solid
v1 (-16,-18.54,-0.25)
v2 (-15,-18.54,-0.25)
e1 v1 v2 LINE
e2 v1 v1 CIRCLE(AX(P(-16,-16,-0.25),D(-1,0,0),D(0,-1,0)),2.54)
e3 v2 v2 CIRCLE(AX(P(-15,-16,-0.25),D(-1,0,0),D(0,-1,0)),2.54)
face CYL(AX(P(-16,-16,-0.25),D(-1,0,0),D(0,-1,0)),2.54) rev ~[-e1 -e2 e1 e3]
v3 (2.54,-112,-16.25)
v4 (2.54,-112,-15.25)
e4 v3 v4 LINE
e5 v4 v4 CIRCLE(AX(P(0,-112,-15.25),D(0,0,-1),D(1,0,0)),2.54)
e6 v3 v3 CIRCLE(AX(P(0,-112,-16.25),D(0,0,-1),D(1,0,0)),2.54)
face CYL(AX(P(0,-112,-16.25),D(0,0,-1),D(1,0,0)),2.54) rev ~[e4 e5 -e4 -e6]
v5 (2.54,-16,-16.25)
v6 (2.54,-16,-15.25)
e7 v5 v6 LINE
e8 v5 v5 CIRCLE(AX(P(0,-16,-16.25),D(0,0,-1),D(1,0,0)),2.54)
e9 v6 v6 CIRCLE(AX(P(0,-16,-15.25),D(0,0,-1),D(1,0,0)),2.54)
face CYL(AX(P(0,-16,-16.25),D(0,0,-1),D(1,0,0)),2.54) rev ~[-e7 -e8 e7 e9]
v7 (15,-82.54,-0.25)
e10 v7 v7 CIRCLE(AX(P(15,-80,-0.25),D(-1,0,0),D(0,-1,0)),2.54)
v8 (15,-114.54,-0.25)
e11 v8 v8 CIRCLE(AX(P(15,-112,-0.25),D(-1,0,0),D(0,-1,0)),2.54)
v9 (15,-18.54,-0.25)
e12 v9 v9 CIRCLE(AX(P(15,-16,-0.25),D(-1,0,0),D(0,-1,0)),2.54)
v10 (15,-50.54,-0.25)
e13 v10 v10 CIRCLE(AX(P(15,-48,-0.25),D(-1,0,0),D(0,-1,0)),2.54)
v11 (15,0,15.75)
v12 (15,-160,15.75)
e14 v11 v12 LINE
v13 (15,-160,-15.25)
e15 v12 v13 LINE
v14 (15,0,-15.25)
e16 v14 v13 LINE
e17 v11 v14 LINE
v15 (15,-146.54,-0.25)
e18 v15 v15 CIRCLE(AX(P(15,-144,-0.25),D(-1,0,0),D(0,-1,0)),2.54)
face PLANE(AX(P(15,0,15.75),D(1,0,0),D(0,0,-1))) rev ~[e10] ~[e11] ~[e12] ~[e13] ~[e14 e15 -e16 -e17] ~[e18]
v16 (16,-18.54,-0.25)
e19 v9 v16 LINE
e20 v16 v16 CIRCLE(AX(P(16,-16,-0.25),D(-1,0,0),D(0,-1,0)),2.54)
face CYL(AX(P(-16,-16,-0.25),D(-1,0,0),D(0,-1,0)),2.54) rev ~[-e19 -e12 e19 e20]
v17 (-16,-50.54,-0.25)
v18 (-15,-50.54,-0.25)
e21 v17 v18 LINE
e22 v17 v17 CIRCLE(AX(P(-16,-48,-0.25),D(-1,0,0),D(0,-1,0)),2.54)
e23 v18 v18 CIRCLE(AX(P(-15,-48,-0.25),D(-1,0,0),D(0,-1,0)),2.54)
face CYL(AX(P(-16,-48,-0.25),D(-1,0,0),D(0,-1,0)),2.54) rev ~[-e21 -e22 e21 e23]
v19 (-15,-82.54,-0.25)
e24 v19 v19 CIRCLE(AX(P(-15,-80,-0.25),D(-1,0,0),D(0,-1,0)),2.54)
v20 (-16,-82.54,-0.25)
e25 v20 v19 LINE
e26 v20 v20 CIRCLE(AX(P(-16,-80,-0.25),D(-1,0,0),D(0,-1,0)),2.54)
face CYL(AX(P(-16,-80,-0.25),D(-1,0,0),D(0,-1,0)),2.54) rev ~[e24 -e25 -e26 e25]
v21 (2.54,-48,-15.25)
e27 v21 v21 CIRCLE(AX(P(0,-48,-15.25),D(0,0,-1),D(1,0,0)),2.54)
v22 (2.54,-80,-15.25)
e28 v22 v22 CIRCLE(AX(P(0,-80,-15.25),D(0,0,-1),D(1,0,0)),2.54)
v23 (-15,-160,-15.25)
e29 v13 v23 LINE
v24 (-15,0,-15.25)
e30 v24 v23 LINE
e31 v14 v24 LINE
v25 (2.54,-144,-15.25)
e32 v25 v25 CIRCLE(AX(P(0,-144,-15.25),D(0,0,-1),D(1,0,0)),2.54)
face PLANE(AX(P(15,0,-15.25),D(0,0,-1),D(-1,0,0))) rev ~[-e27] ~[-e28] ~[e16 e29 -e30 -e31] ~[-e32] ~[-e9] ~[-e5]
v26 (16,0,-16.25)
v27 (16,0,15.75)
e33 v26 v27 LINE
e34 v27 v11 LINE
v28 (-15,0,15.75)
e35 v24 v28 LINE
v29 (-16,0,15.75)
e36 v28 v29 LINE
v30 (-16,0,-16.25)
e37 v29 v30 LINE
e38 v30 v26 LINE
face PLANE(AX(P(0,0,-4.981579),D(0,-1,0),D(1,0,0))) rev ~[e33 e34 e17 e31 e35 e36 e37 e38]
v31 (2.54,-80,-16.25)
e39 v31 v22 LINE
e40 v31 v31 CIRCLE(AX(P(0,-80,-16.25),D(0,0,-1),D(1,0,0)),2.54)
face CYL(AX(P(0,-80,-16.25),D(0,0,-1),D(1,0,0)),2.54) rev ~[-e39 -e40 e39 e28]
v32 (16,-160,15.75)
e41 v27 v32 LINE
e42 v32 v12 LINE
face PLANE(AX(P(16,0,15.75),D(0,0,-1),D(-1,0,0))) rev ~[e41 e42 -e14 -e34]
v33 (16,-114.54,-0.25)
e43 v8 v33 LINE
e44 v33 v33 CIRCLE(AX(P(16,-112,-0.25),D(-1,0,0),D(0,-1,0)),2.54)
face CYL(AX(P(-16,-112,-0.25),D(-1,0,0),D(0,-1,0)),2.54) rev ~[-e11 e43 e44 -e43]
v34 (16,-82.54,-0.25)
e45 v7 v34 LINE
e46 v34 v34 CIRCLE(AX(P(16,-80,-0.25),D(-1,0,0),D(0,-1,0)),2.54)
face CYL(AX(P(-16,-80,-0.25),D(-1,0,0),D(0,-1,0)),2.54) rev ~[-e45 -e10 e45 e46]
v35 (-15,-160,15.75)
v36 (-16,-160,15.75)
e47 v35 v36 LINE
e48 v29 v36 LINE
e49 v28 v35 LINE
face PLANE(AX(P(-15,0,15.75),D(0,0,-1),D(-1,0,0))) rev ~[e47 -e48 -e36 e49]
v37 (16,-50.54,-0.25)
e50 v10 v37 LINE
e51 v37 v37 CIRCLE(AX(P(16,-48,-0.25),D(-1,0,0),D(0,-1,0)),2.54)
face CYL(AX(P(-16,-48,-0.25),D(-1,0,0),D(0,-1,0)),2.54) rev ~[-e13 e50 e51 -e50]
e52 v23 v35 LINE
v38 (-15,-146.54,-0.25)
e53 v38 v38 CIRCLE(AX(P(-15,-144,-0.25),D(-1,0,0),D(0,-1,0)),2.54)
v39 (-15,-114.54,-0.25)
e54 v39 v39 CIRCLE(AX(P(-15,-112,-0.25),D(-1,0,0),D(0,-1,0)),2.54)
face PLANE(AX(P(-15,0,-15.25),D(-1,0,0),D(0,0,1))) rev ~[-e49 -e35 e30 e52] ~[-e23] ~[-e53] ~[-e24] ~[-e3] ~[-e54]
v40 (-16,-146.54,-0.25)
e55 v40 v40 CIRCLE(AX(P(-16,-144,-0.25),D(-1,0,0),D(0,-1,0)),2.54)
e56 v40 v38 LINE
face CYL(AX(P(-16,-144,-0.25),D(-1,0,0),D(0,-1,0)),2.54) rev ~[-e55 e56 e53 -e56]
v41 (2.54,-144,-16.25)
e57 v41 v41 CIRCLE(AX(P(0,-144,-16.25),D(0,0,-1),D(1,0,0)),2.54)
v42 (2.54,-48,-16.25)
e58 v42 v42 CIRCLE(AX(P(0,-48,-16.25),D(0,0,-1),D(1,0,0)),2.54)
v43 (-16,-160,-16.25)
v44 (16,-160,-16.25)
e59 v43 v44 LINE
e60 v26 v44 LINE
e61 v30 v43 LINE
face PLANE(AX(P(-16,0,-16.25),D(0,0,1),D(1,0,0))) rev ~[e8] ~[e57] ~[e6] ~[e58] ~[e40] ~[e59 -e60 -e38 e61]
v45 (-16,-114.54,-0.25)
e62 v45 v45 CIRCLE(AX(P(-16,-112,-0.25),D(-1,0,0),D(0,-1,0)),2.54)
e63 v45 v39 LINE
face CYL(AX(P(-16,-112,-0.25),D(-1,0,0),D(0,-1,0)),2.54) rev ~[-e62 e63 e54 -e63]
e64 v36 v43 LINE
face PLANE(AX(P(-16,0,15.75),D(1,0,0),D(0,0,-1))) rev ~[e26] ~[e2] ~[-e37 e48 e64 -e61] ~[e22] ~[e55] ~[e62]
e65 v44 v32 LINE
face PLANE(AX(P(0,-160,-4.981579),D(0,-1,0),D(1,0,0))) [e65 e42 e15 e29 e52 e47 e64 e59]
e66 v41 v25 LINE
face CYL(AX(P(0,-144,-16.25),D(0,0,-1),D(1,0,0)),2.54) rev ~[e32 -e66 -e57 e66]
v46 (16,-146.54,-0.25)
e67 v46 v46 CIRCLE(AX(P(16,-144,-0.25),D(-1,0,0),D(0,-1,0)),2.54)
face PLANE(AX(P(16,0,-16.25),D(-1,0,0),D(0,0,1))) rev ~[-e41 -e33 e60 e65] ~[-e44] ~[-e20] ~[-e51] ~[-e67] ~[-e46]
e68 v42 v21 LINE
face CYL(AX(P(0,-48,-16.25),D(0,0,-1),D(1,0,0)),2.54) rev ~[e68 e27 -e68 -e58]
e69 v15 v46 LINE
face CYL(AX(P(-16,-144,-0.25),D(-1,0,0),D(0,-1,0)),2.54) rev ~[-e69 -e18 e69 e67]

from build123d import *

# Parameters (mm, degrees)
F1_DEPTH = 160
F2_R     = 2.54
F3_DEPTH = 50.8
F4_R     = 2.54
F5_DEPTH = 25.4


with BuildPart() as f1:
    # F0 (on Front) → F1 (new body)
    with BuildSketch(Plane.XZ):
        Polygon((-15, 15.75), (-16, 15.75), (-16, -16.25), (16, -16.25), (16, 15.75), (15, 15.75), (15, -15.25), (-15, -15.25), align=None)
    extrude(amount=F1_DEPTH)

    # F2 (on face) → F3 (cut)
    with BuildSketch(Plane(origin=(-16, 0, 0), x_dir=(0, -1, 0), z_dir=(-1, 0, 0))):
        with Locations((16, -0.25)):
            Circle(F2_R)
        with Locations((48, -0.25)):
            Circle(F2_R)
        with Locations((80, -0.25)):
            Circle(F2_R)
        with Locations((112, -0.25)):
            Circle(F2_R)
        with Locations((144, -0.25)):
            Circle(F2_R)
    extrude(amount=-F3_DEPTH, mode=Mode.SUBTRACT)

    # F4 (on face) → F5 (cut)
    with BuildSketch(Plane(origin=(0, 0, -16.25), x_dir=(1, 0, 0), z_dir=(0, 0, -1))):
        with Locations((0, 144)):
            Circle(F4_R)
        with Locations((0, 112)):
            Circle(F4_R)
        with Locations((0, 80)):
            Circle(F4_R)
        with Locations((0, 48)):
            Circle(F4_R)
        with Locations((0, 16)):
            Circle(F4_R)
    extrude(amount=-F5_DEPTH, mode=Mode.SUBTRACT)


solid = f1.part
